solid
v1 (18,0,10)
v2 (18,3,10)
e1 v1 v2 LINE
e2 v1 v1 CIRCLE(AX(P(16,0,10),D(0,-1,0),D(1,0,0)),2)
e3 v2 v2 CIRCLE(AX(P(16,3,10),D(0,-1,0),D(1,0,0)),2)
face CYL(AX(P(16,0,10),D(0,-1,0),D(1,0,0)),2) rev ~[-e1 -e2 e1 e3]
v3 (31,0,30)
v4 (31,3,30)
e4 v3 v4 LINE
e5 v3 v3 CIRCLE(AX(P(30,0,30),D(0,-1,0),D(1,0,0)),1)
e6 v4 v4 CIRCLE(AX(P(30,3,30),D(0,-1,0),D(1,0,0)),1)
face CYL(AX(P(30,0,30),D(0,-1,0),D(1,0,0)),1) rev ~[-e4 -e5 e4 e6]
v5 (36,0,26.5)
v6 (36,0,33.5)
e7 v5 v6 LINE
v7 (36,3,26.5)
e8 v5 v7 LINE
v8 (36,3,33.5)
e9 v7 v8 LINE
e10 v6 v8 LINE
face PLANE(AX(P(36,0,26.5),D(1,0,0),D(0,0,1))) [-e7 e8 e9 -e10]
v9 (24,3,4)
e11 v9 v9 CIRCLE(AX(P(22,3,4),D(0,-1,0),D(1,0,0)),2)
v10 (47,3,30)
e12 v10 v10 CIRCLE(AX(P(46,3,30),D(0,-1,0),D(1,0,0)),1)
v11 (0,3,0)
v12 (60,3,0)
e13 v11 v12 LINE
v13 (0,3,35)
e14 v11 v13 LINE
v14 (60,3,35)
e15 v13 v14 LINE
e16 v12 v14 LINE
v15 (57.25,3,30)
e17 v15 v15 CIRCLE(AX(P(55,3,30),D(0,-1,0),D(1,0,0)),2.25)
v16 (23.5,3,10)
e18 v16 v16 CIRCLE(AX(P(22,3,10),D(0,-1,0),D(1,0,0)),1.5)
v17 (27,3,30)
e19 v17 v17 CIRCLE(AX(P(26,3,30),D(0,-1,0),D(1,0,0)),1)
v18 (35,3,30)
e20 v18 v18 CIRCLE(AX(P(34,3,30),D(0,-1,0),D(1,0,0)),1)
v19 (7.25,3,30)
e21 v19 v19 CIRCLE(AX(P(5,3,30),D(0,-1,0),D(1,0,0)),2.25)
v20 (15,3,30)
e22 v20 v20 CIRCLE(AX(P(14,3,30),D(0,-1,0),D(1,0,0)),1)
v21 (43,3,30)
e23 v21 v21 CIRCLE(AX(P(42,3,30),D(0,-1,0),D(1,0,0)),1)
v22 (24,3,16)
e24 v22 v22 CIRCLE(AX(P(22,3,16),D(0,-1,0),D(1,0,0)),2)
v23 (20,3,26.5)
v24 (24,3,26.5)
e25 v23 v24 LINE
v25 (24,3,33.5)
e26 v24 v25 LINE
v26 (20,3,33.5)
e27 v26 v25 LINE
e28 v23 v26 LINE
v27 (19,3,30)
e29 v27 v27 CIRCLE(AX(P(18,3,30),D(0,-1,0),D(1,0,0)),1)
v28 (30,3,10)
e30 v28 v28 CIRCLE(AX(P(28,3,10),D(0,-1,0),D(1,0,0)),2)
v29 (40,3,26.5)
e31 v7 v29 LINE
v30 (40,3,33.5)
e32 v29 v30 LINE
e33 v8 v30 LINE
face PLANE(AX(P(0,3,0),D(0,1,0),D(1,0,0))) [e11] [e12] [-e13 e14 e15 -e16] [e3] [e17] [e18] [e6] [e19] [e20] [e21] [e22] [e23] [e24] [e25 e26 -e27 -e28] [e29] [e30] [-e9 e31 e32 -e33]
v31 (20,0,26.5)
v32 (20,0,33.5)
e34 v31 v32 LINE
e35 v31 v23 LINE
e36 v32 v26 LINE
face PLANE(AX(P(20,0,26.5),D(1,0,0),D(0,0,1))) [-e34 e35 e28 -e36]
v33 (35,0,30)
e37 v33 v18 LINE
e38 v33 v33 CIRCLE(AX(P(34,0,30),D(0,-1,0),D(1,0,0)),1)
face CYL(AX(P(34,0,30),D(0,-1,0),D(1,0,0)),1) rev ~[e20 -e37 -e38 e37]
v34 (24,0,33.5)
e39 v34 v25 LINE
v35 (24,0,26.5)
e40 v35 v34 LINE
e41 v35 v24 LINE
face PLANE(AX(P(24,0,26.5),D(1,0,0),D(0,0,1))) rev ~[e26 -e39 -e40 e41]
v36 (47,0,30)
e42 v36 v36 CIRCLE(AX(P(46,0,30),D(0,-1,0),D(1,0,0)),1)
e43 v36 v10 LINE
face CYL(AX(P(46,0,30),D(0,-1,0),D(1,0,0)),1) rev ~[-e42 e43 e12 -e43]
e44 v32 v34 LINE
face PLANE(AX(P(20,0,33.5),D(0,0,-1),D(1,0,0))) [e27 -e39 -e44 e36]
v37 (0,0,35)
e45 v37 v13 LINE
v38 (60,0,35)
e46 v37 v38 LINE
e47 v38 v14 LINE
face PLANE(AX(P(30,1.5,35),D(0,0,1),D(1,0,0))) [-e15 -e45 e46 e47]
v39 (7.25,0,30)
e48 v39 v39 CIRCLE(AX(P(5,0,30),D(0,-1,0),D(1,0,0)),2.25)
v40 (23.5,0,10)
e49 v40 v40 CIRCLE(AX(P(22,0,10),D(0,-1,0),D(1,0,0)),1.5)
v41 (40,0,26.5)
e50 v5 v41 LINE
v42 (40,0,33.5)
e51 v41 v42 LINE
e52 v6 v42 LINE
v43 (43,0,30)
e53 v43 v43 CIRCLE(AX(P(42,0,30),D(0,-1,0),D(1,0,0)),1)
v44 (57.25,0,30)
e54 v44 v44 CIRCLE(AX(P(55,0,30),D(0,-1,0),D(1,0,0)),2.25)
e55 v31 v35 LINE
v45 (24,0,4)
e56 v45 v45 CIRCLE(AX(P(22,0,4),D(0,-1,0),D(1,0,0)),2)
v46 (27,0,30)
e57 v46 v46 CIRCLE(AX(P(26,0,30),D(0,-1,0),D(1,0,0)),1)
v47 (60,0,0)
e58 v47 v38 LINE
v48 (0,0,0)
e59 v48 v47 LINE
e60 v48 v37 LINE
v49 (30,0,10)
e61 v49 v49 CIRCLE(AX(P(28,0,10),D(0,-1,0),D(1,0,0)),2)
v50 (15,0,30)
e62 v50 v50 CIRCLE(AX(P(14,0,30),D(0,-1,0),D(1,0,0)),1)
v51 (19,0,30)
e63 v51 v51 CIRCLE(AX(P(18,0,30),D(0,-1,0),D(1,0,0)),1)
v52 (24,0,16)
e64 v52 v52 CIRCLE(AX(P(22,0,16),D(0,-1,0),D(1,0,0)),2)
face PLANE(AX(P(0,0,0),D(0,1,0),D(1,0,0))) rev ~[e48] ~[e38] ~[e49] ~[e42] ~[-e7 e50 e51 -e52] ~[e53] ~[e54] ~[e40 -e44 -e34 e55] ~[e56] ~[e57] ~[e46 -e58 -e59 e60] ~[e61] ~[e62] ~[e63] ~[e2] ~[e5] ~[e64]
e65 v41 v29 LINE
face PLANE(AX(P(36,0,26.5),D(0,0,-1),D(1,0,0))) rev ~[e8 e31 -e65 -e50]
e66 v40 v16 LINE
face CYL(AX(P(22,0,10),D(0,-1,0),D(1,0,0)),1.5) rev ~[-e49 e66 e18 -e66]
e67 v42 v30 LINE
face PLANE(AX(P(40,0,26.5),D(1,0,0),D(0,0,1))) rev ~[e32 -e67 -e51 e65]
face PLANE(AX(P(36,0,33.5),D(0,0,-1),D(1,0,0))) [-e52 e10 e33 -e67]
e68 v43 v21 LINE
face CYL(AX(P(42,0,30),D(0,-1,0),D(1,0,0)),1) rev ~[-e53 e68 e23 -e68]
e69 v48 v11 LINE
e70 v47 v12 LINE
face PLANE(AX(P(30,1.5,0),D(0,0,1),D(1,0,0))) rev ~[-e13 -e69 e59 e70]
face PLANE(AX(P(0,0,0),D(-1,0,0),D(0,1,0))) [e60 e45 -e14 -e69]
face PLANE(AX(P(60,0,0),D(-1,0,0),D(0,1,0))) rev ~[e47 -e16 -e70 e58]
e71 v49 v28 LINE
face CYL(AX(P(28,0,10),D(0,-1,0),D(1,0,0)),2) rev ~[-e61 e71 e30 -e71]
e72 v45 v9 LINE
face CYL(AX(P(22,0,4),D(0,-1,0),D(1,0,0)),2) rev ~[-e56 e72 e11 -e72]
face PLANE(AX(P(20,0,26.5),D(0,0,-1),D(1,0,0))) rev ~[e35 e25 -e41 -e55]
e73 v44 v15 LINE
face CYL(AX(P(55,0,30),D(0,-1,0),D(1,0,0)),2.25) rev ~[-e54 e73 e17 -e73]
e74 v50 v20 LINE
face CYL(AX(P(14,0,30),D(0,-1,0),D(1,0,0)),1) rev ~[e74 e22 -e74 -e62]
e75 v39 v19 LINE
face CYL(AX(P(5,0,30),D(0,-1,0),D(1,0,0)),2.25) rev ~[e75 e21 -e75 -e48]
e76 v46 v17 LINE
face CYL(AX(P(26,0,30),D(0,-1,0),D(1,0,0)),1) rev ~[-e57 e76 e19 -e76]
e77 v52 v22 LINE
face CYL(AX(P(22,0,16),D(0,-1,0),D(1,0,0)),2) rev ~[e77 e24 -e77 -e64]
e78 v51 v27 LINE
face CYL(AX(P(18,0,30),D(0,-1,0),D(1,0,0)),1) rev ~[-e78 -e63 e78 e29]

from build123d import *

# Parameters (mm, degrees)
SKETCH_W      = 60
SKETCH_H      = 3
PAD_DEPTH     = 35
SKETCH001_R   = 1.5
SKETCH001_R_2 = 2
SKETCH001_R_3 = 2.25
SKETCH001_R_4 = 1
SKETCH001_W   = 4
SKETCH001_H   = 7
POCKET_DEPTH  = 3


with BuildPart() as part:
    # Sketch → Pad (new body)
    with BuildSketch(Plane.XY):
        with Locations((30, 1.5)):
            Rectangle(SKETCH_W, SKETCH_H)
    extrude(amount=PAD_DEPTH)

    # Sketch001 → Pocket (cut)
    with BuildSketch(Plane.XZ):
        with Locations((22, 10)):
            Circle(SKETCH001_R)
        with Locations((28, 10)):
            Circle(SKETCH001_R_2)
        with Locations((22, 16)):
            Circle(SKETCH001_R_2)
        with Locations((16, 10)):
            Circle(SKETCH001_R_2)
        with Locations((22, 4)):
            Circle(SKETCH001_R_2)
        with Locations((5, 30)):
            Circle(SKETCH001_R_3)
        with Locations((55, 30)):
            Circle(SKETCH001_R_3)
        with Locations((14, 30)):
            Circle(SKETCH001_R_4)
        with Locations((18, 30)):
            Circle(SKETCH001_R_4)
        with Locations((26, 30)):
            Circle(SKETCH001_R_4)
        with Locations((30, 30)):
            Circle(SKETCH001_R_4)
        with Locations((34, 30)):
            Circle(SKETCH001_R_4)
        with Locations((42, 30)):
            Circle(SKETCH001_R_4)
        with Locations((46, 30)):
            Circle(SKETCH001_R_4)
        with Locations((22, 30)):
            Rectangle(SKETCH001_W, SKETCH001_H)
        with Locations((38, 30)):
            Rectangle(SKETCH001_W, SKETCH001_H)
    extrude(amount=-POCKET_DEPTH, mode=Mode.SUBTRACT)


solid = part.part
